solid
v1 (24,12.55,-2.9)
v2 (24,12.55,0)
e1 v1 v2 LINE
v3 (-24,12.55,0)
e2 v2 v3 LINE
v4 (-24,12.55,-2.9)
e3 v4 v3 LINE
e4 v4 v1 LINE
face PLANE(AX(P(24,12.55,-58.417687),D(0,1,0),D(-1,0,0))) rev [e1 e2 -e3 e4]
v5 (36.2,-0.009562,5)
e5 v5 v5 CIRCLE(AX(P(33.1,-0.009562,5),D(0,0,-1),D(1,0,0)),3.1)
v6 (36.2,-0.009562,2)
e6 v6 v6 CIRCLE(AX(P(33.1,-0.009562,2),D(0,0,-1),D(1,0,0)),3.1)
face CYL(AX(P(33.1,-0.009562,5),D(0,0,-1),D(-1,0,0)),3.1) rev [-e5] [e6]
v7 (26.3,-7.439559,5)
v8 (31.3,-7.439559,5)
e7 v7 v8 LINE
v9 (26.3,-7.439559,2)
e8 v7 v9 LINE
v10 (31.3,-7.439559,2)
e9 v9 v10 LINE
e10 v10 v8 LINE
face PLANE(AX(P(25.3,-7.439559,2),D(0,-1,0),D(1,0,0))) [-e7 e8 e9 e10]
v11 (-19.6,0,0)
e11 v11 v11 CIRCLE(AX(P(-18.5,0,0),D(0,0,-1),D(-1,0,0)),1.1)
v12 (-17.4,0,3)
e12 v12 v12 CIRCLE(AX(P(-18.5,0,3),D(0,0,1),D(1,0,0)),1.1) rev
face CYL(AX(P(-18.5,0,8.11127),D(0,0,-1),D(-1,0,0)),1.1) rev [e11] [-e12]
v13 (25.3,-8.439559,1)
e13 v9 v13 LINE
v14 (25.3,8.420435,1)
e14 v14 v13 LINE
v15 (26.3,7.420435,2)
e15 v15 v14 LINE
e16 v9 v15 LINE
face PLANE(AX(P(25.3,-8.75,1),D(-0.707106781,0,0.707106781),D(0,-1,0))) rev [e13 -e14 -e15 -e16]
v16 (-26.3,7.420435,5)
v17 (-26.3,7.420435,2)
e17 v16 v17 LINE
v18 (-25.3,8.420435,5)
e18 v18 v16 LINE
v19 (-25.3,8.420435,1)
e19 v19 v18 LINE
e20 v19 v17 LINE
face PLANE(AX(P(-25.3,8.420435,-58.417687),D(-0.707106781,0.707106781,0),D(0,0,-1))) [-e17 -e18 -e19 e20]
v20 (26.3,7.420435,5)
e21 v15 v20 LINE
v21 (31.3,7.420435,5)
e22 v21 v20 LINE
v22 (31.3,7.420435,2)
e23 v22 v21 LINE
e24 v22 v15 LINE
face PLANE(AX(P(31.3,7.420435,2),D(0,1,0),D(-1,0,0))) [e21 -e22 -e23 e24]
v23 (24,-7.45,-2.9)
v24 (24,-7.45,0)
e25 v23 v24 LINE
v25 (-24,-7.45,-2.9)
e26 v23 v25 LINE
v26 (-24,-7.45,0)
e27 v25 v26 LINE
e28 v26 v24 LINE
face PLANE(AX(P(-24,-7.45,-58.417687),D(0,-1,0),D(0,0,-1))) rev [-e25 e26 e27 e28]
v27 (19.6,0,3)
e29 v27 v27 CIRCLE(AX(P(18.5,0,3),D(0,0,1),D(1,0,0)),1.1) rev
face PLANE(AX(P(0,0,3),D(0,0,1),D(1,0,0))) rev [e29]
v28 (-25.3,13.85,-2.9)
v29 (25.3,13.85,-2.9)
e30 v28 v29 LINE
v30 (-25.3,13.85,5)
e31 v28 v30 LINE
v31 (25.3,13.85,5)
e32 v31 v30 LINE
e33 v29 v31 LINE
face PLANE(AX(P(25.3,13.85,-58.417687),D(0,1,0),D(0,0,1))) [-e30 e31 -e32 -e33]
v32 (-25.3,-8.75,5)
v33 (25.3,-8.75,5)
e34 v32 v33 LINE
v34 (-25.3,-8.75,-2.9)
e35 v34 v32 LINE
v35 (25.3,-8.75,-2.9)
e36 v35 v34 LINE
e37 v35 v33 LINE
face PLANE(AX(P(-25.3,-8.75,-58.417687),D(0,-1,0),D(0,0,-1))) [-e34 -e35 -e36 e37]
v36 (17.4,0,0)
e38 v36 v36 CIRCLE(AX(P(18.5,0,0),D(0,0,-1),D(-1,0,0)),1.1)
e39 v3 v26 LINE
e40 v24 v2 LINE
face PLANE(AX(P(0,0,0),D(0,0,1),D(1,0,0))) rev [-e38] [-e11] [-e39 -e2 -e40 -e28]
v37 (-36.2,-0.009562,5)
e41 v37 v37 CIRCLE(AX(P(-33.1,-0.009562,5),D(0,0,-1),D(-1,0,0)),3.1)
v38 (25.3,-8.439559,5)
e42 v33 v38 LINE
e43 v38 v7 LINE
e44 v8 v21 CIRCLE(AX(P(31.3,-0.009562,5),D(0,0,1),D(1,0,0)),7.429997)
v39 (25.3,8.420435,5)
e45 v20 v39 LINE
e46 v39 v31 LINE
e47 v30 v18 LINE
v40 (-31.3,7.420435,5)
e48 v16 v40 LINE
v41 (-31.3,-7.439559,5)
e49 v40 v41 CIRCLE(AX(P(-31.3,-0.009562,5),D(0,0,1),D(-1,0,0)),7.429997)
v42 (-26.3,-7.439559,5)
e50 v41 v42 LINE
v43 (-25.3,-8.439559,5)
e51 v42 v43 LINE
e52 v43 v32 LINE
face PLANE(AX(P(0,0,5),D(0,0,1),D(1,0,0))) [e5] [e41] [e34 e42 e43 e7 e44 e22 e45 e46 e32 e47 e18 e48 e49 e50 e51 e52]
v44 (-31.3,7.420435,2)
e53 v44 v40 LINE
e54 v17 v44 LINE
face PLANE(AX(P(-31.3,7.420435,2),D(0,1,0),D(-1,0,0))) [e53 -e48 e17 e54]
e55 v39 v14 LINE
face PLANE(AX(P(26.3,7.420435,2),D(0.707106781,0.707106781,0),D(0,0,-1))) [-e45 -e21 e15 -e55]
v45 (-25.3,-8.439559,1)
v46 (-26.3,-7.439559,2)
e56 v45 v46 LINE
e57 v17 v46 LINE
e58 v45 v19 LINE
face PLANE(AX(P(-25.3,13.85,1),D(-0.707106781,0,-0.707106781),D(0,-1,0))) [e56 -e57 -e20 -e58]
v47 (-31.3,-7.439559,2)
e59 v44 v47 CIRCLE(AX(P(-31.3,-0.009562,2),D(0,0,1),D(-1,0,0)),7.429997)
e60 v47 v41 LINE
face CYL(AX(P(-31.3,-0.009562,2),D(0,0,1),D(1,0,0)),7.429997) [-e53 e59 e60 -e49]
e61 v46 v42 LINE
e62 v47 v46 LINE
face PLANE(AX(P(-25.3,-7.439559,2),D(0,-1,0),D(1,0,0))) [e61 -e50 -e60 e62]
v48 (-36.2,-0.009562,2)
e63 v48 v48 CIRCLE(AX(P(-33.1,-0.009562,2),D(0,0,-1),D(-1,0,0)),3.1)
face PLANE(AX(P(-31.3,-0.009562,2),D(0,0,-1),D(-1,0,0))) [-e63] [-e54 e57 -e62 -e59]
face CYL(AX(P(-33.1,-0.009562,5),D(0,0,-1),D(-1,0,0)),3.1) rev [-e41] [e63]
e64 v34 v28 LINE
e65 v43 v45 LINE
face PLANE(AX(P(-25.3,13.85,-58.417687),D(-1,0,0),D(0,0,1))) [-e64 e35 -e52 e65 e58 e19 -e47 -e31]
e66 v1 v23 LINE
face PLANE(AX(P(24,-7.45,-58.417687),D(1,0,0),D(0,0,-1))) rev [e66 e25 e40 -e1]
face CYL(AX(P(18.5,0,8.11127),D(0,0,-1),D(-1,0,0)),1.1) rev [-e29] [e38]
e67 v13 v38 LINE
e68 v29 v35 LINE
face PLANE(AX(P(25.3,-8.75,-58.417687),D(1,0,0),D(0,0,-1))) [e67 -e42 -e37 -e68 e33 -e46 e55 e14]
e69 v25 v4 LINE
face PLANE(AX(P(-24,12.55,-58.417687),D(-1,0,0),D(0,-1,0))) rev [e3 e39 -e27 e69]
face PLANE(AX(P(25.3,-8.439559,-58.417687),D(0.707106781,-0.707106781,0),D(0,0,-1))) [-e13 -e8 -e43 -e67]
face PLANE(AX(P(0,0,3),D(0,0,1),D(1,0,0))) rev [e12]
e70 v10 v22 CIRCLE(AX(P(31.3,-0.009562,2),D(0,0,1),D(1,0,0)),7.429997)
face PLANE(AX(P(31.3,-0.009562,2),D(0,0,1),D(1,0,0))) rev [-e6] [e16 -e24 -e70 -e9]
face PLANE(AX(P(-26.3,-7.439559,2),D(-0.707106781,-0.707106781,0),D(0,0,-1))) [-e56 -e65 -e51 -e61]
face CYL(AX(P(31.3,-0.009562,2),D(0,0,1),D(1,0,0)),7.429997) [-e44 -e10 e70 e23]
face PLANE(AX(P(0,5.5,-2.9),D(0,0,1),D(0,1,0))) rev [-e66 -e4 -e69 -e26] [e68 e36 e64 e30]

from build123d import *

# Parameters (mm, degrees)
BOSS_EXTRUDE1_DEPTH = 5
SKETCH2_W           = 50.6
SKETCH2_H           = 22.6
SKETCH2_W_2         = 48
SKETCH2_H_2         = 20
BOSS_EXTRUDE2_DEPTH = 7.9
SKETCH3_R           = 1.1
CUT_EXTRUDE1_DEPTH  = 3
BOSS_EXTRUDE3_DEPTH = 3
CHAMFER1_SIZE       = 1
SKETCH5_R           = 3.1
CUT_EXTRUDE2_DEPTH  = 3


with BuildPart() as part:
    # Sketch1 → Boss-Extrude1 (new body)
    with BuildSketch(Plane.XY):
        Polygon((24, 12.55), (6.08, 12.55), (-6.08, 12.55), (-24, 12.55), (-24, -7.45), (24, -7.45), align=None)
    extrude(amount=BOSS_EXTRUDE1_DEPTH)

    # Sketch2 → Boss-Extrude2 (add)
    with BuildSketch(Plane.XY.offset(5)):
        with Locations((0, 2.55)):
            Rectangle(SKETCH2_W, SKETCH2_H)
        with Locations((0, 2.55)):
            Rectangle(SKETCH2_W_2, SKETCH2_H_2, mode=Mode.SUBTRACT)
    extrude(amount=-BOSS_EXTRUDE2_DEPTH)

    # Sketch3 → Cut-Extrude1 (cut)
    with BuildSketch(Plane(origin=(0, 0, 0), x_dir=(-1, 0, 0), z_dir=(0, 0, -1))):
        with Locations((-18.5, 0)):
            Circle(SKETCH3_R)
        with Locations((18.5, 0)):
            Circle(SKETCH3_R)
    extrude(amount=-CUT_EXTRUDE1_DEPTH, mode=Mode.SUBTRACT)

    # Sketch4 → Boss-Extrude3 (add)
    with BuildSketch(Plane.XY.offset(5)):
        with BuildLine():
            Line((25.3, -7.439559179), (31.3, -7.439559179))
            ThreePointArc((31.3, -7.439559179), (38.729997149, -0.00956203), (31.3, 7.42043512))
            Line((31.3, 7.42043512), (25.3, 7.42043512))
            Line((25.3, 7.42043512), (25.3, -7.439559179))
        make_face()
        with BuildLine():
            Line((-25.3, -7.439559179), (-31.3, -7.439559179))
            ThreePointArc((-31.3, -7.439559179), (-38.729997149, -0.00956203), (-31.3, 7.42043512))
            Line((-31.3, 7.42043512), (-25.3, 7.42043512))
            Line((-25.3, 7.42043512), (-25.3, -7.439559179))
        make_face()
    extrude(amount=-BOSS_EXTRUDE3_DEPTH)

    # Chamfer1
    chamfer1_edges = [part.edges().sort_by_distance(p)[0] for p in [
        (25.3, -0.00956203, 2),
        (25.3, -7.439559179, 3.5),
        (25.3, 7.42043512, 3.5),
        (-25.3, -0.00956203, 2),
        (-25.3, 7.42043512, 3.5),
        (-25.3, -7.439559179, 3.5),
    ]]
    chamfer(chamfer1_edges, length=CHAMFER1_SIZE)

    # Sketch5 → Cut-Extrude2 (cut)
    with BuildSketch(Plane(origin=(0, 0, 2), x_dir=(-1, 0, 0), z_dir=(0, 0, -1))):
        with Locations((-33.1, -0.00956203)):
            Circle(SKETCH5_R)
        with Locations((33.1, -0.00956203)):
            Circle(SKETCH5_R)
    extrude(amount=-CUT_EXTRUDE2_DEPTH, mode=Mode.SUBTRACT)


solid = part.part
